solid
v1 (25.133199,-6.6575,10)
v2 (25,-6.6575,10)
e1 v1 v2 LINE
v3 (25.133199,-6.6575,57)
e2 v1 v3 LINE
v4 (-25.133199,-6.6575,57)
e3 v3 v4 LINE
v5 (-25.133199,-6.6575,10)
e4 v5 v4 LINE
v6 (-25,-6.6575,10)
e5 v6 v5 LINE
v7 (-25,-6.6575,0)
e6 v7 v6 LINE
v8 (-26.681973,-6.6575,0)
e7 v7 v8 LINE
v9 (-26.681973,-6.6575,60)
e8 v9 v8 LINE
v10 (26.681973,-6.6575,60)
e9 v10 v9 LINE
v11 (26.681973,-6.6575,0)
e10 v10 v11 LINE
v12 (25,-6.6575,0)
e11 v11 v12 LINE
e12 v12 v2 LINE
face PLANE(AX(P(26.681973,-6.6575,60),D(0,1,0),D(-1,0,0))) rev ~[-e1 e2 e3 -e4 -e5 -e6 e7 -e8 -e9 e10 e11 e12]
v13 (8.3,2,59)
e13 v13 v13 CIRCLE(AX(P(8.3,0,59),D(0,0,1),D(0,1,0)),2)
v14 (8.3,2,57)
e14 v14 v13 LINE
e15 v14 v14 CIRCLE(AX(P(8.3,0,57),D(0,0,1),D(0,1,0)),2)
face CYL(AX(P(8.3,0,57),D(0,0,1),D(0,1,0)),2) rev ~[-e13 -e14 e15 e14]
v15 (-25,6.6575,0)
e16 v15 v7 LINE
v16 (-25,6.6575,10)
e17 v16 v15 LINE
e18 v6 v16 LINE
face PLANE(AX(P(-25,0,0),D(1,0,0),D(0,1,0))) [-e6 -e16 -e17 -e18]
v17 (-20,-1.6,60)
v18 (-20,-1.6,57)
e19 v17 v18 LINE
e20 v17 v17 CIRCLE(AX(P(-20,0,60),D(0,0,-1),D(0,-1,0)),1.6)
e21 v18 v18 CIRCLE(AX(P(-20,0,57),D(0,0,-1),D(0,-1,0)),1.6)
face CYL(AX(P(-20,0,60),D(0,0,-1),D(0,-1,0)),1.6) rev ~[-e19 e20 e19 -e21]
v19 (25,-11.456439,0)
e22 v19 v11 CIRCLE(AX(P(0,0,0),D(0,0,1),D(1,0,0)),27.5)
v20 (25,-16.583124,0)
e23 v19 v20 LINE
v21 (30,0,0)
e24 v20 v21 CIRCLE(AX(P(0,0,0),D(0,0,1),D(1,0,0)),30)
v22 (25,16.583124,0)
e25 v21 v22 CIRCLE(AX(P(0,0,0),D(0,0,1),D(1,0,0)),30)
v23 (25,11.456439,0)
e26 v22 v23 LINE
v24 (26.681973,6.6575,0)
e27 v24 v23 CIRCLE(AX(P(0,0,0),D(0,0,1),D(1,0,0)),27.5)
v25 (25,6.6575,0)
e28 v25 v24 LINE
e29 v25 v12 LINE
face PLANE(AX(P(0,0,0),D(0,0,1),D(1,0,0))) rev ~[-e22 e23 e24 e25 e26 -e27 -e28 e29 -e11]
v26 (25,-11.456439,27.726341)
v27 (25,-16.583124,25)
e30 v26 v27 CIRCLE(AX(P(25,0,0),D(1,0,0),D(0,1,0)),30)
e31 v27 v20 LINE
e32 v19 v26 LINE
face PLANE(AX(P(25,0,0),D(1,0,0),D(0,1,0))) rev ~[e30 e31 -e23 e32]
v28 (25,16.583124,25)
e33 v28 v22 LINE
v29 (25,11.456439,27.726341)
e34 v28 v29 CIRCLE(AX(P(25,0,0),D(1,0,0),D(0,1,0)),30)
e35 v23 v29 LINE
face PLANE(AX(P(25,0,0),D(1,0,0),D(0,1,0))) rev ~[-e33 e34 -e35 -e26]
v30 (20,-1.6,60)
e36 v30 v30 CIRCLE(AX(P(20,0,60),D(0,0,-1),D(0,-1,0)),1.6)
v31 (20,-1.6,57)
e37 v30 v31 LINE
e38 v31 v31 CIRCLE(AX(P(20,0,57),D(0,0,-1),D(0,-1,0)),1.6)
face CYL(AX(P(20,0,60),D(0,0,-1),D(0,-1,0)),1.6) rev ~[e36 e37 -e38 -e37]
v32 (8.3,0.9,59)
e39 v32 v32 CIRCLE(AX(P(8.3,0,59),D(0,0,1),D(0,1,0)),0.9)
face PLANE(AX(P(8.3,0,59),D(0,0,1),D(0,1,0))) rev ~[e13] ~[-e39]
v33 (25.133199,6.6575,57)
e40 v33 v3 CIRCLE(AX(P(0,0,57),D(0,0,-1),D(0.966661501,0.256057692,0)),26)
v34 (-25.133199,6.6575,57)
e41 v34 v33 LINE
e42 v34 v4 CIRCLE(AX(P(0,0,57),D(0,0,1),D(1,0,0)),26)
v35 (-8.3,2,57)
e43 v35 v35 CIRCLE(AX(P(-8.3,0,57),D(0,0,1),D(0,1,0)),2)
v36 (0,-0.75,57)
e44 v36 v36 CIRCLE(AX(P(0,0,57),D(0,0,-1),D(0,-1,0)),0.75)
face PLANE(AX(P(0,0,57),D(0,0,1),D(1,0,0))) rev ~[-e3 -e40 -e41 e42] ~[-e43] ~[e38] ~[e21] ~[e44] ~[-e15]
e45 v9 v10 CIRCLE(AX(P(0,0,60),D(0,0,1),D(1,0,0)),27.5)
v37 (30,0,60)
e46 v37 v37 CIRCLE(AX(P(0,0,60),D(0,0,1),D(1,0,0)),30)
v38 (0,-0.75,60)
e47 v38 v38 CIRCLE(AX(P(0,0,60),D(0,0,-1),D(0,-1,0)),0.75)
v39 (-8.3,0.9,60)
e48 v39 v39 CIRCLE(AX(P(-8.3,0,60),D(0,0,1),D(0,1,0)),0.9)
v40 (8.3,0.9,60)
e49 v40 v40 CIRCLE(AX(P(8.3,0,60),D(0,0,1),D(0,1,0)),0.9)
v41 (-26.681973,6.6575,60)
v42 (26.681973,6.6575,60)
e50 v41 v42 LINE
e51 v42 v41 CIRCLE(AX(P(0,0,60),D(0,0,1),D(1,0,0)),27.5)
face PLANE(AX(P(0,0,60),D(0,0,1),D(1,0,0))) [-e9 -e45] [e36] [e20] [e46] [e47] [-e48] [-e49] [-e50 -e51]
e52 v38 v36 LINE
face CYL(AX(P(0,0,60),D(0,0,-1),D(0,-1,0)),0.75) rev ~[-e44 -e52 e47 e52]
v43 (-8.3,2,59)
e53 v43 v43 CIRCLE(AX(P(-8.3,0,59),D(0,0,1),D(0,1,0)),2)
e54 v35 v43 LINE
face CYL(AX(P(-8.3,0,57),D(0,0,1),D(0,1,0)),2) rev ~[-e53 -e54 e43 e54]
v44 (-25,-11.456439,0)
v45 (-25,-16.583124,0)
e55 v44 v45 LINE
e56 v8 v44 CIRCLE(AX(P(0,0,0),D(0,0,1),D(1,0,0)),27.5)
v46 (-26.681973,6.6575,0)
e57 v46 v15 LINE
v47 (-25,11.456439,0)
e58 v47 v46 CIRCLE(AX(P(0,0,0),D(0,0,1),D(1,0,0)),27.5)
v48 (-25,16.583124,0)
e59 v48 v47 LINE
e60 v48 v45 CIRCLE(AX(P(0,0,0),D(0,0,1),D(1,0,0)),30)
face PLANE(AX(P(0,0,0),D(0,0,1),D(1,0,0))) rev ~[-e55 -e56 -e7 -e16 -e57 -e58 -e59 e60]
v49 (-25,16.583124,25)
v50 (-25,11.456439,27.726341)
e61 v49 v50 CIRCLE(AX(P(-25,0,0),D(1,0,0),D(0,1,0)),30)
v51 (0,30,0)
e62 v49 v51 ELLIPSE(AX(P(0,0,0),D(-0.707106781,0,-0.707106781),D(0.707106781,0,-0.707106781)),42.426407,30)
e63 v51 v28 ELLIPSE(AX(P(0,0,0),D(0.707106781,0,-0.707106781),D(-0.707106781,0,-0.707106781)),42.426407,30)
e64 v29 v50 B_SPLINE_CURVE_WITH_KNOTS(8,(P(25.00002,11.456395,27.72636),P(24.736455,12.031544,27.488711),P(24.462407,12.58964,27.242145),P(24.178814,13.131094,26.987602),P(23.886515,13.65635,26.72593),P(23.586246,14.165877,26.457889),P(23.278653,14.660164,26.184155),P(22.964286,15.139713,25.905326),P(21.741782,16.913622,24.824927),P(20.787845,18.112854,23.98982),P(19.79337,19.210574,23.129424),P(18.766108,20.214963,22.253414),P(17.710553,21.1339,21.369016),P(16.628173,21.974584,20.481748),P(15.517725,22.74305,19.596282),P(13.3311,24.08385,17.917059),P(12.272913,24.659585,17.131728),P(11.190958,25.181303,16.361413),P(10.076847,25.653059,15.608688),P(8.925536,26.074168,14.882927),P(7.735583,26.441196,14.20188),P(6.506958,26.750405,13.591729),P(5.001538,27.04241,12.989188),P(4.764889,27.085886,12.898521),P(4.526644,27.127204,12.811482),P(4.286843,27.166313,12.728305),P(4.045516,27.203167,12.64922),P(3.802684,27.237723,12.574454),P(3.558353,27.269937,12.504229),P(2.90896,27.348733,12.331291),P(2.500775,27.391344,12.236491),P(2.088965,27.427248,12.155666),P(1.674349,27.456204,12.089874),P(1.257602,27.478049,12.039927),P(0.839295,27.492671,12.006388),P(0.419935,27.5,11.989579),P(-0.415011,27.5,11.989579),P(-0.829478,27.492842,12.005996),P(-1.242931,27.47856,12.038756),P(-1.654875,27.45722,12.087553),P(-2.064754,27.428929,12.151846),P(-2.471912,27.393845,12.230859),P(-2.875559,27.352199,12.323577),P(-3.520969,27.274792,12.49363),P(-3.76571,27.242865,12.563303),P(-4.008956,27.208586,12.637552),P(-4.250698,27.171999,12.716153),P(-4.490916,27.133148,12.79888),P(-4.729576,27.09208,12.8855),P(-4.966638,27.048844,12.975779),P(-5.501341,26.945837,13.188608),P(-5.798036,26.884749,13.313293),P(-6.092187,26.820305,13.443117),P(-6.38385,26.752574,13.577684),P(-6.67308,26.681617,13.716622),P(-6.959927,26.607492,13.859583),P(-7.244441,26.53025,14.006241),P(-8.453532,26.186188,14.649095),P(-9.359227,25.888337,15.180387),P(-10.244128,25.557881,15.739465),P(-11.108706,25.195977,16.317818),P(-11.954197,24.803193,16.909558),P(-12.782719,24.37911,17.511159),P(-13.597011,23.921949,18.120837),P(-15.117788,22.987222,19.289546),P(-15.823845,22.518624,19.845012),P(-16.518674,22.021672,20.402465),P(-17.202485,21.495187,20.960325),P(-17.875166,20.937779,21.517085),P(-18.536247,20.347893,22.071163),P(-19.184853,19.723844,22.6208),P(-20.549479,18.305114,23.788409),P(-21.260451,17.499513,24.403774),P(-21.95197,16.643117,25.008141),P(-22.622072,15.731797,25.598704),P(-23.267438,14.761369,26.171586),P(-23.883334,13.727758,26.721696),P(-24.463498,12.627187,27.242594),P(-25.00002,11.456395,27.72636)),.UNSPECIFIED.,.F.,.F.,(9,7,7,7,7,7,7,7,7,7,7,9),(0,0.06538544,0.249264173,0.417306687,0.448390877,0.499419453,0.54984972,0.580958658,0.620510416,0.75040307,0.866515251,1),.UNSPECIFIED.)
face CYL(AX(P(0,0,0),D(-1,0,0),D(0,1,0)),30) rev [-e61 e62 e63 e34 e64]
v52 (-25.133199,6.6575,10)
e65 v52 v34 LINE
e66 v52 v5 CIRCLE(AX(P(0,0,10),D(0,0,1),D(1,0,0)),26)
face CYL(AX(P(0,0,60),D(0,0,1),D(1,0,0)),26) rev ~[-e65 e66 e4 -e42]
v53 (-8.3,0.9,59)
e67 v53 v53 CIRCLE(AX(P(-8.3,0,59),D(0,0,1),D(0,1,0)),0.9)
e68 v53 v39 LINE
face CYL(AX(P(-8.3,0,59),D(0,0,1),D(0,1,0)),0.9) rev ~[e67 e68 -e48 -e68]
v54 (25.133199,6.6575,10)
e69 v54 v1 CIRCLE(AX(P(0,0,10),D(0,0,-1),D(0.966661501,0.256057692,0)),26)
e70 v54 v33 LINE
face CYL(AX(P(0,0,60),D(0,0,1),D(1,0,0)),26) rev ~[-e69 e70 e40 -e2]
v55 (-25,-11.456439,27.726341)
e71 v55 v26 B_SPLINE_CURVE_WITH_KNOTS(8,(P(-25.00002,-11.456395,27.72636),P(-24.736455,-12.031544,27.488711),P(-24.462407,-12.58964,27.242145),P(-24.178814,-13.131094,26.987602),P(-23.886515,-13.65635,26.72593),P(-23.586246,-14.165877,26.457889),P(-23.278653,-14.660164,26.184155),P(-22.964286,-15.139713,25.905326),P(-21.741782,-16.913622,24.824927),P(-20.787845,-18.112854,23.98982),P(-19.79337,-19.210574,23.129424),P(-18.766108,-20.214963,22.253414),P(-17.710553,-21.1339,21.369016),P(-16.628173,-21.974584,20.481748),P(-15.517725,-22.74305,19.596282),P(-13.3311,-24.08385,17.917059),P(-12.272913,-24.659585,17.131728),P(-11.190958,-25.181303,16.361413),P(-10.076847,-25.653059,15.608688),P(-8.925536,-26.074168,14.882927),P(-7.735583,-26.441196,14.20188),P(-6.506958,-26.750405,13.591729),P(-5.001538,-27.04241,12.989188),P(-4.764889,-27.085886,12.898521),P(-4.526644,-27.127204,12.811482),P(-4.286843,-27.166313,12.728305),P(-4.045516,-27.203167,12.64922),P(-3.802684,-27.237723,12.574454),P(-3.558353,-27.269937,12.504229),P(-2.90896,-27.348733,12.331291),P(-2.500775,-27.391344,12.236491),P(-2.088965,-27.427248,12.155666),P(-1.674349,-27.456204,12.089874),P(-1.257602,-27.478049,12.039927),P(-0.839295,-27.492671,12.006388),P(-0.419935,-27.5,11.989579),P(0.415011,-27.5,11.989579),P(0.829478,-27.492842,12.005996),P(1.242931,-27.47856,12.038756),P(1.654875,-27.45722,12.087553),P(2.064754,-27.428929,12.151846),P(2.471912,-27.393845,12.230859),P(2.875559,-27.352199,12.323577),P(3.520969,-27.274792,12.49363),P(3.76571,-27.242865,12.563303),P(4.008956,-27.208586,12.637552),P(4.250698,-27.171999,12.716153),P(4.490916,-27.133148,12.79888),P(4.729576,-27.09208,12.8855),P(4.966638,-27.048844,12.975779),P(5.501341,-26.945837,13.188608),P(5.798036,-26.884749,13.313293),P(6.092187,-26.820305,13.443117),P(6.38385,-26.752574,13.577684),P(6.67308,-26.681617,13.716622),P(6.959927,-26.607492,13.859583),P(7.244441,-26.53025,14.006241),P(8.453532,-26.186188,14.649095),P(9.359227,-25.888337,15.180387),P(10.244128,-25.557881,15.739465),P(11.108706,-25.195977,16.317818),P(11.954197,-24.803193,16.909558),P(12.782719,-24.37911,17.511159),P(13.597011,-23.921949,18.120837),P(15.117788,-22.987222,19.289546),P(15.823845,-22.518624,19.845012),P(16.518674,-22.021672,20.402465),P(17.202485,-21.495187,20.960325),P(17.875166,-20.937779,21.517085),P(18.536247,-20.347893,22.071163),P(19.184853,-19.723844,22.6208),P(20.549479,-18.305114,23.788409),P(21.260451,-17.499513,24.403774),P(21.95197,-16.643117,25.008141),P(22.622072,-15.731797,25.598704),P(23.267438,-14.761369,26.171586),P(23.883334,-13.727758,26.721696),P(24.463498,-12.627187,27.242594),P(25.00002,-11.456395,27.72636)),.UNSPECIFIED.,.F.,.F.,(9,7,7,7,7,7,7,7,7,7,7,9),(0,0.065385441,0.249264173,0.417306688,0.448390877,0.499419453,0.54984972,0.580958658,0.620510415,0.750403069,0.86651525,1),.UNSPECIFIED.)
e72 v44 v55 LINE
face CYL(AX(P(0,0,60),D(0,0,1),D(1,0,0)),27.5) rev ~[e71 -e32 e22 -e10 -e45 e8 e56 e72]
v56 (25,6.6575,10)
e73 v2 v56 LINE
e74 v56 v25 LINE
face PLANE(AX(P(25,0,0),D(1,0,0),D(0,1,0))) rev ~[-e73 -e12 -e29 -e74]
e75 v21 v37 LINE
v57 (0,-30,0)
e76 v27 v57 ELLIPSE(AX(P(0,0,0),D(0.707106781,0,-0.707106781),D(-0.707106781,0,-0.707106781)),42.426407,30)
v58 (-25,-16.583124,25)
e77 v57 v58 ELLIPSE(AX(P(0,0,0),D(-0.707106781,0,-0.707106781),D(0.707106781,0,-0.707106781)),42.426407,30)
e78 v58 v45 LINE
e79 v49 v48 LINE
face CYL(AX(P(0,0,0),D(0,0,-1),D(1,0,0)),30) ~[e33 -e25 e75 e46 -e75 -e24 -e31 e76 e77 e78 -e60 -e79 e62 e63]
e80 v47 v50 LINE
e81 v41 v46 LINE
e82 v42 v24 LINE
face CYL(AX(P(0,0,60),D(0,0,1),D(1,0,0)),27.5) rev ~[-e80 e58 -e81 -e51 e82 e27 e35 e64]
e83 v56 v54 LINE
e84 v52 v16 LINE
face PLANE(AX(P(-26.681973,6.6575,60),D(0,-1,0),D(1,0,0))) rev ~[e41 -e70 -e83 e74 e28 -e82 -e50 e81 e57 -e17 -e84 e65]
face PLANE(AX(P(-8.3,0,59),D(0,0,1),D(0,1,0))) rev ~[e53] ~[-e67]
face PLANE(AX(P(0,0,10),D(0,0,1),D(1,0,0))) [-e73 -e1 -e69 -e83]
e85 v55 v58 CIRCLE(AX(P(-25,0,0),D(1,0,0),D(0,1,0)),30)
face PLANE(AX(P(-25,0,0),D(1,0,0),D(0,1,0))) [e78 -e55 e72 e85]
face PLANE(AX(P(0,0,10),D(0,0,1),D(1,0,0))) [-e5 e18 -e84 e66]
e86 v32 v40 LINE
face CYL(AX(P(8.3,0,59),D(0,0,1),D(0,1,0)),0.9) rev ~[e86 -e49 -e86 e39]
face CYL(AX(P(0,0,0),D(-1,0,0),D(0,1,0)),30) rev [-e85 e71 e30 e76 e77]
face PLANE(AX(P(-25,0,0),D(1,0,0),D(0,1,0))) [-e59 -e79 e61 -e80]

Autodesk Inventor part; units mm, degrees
ref_plane "YZ Plane" through (0, 0, 0) normal (1, 0, 0) x (0, 1, 0)
ref_plane "XZ Plane" through (0, 0, 0) normal (0, 1, 0) x (-1, 0, 0)
ref_plane "XY Plane" through (0, 0, 0) normal (0, 0, 1) x (1, 0, 0)
sketch "スケッチ1" plane through (0, 0, 0) normal (0, 0, 1) x (1, 0, 0)
  circle A0 centre (0, 0) radius 30
  dimension "d0" = 60
extrude "押し出し1" add sketch "スケッチ1" along normal blind 60
sketch "スケッチ2" plane through (0, 0, 60) normal (0, 0, 1) x (1, 0, 0)
  circle A0 centre (0, 0) radius 26
  dimension "d3" = 52
extrude "押し出し2" cut sketch "スケッチ2" against normal blind 50
sketch "スケッチ3" plane through (0, 0, 0) normal (0, 0, 1) x (1, 0, 0)
  point P0 (0, 0)
sketch "スケッチ4" plane through (0, 0, 0) normal (1, 0, 0) x (0, 1, 0)
  line L0 (30, 0) -> (-30, 0) projected
  line L1 (-30, 0) -> (-30, 60) projected
  arc A0 (30, 0) -> (-30, 0) centre (0, 0) ccw
  dimension "d6" = 30
extrude "押し出し3" cut sketch "スケッチ4" along normal mid plane 50
sketch "スケッチ5" plane through (0, 0, 60) normal (0, 0, 1) x (1, 0, 0)
  circle A0 centre (0, 0) radius 27.5
extrude "押し出し4" add sketch "スケッチ5" against normal blind 3
sketch "スケッチ19" plane through (0, 0, 60) normal (0, 0, 1) x (1, 0, 0)
  circle A0 centre (0, 0) radius 27.5
  line L0 (27.5, -6.6575) -> (-27.5, -6.6575)
  line L1 (-27.5, -6.6575) -> (-27.5, 6.6575)
  line L2 (-27.5, 6.6575) -> (27.5, 6.6575)
  line L3 (27.5, 6.6575) -> (27.5, -6.6575)
  line L4 (27.5, -6.6575) -> (-27.5, 6.6575) construction
  line L5 (-27.5, -6.6575) -> (27.5, 6.6575) construction
  point P0 (26.682, -6.6575)
  point P1 (-26.682, -6.6575)
  point P2 (-26.682, 6.6575)
  point P3 (26.682, 6.6575)
extrude "押し出し11" cut sketch "スケッチ19" against normal blind 60 contours L2 A0 | A0 L0
sketch "スケッチ22" plane through (0, 0, 60) normal (0, 0, 1) x (1, 0, 0)
  point P0 (0, 0)
sketch "スケッチ23" plane through (0, 0, 60) normal (0, 0, 1) x (1, 0, 0)
  point P0 (0, 0)
  point P1 (-20, 0)
  point P2 (20, 0)
  dimension "d67" = 20
  dimension "d68" = 20
hole "穴4" at (-20, 0, 60) at (20, 0, 60) direction (0, 0, -1) diameter 3.2 depth 8.8 tip angle 118
sketch "スケッチ25" plane through (0, 0, 60) normal (0, 0, 1) x (1, 0, 0)
  point P0 (0, 0)
  point P1 (0, 0)
hole "穴5" at (0, 0, 60) direction (0, 0, -1) diameter 1.5 depth 8.8 tip angle 118
sketch "スケッチ27" plane through (0, 0, 57) normal (0, 0, -1) x (-1, 0, 0)
  point P0 (0, 0)
  point P1 (8.3, 0)
  point P2 (-8.3, 0)
  dimension "d95" = 8.3
  dimension "d96" = 8.3
hole "穴7" at (-8.3, 0, 57) at (8.3, 0, 57) direction (0, 0, 1) diameter 1.8 depth 8.8 tip angle 118 counterbore diameter 4 counterbore depth 2
properties part number "20220527_仮筒"
